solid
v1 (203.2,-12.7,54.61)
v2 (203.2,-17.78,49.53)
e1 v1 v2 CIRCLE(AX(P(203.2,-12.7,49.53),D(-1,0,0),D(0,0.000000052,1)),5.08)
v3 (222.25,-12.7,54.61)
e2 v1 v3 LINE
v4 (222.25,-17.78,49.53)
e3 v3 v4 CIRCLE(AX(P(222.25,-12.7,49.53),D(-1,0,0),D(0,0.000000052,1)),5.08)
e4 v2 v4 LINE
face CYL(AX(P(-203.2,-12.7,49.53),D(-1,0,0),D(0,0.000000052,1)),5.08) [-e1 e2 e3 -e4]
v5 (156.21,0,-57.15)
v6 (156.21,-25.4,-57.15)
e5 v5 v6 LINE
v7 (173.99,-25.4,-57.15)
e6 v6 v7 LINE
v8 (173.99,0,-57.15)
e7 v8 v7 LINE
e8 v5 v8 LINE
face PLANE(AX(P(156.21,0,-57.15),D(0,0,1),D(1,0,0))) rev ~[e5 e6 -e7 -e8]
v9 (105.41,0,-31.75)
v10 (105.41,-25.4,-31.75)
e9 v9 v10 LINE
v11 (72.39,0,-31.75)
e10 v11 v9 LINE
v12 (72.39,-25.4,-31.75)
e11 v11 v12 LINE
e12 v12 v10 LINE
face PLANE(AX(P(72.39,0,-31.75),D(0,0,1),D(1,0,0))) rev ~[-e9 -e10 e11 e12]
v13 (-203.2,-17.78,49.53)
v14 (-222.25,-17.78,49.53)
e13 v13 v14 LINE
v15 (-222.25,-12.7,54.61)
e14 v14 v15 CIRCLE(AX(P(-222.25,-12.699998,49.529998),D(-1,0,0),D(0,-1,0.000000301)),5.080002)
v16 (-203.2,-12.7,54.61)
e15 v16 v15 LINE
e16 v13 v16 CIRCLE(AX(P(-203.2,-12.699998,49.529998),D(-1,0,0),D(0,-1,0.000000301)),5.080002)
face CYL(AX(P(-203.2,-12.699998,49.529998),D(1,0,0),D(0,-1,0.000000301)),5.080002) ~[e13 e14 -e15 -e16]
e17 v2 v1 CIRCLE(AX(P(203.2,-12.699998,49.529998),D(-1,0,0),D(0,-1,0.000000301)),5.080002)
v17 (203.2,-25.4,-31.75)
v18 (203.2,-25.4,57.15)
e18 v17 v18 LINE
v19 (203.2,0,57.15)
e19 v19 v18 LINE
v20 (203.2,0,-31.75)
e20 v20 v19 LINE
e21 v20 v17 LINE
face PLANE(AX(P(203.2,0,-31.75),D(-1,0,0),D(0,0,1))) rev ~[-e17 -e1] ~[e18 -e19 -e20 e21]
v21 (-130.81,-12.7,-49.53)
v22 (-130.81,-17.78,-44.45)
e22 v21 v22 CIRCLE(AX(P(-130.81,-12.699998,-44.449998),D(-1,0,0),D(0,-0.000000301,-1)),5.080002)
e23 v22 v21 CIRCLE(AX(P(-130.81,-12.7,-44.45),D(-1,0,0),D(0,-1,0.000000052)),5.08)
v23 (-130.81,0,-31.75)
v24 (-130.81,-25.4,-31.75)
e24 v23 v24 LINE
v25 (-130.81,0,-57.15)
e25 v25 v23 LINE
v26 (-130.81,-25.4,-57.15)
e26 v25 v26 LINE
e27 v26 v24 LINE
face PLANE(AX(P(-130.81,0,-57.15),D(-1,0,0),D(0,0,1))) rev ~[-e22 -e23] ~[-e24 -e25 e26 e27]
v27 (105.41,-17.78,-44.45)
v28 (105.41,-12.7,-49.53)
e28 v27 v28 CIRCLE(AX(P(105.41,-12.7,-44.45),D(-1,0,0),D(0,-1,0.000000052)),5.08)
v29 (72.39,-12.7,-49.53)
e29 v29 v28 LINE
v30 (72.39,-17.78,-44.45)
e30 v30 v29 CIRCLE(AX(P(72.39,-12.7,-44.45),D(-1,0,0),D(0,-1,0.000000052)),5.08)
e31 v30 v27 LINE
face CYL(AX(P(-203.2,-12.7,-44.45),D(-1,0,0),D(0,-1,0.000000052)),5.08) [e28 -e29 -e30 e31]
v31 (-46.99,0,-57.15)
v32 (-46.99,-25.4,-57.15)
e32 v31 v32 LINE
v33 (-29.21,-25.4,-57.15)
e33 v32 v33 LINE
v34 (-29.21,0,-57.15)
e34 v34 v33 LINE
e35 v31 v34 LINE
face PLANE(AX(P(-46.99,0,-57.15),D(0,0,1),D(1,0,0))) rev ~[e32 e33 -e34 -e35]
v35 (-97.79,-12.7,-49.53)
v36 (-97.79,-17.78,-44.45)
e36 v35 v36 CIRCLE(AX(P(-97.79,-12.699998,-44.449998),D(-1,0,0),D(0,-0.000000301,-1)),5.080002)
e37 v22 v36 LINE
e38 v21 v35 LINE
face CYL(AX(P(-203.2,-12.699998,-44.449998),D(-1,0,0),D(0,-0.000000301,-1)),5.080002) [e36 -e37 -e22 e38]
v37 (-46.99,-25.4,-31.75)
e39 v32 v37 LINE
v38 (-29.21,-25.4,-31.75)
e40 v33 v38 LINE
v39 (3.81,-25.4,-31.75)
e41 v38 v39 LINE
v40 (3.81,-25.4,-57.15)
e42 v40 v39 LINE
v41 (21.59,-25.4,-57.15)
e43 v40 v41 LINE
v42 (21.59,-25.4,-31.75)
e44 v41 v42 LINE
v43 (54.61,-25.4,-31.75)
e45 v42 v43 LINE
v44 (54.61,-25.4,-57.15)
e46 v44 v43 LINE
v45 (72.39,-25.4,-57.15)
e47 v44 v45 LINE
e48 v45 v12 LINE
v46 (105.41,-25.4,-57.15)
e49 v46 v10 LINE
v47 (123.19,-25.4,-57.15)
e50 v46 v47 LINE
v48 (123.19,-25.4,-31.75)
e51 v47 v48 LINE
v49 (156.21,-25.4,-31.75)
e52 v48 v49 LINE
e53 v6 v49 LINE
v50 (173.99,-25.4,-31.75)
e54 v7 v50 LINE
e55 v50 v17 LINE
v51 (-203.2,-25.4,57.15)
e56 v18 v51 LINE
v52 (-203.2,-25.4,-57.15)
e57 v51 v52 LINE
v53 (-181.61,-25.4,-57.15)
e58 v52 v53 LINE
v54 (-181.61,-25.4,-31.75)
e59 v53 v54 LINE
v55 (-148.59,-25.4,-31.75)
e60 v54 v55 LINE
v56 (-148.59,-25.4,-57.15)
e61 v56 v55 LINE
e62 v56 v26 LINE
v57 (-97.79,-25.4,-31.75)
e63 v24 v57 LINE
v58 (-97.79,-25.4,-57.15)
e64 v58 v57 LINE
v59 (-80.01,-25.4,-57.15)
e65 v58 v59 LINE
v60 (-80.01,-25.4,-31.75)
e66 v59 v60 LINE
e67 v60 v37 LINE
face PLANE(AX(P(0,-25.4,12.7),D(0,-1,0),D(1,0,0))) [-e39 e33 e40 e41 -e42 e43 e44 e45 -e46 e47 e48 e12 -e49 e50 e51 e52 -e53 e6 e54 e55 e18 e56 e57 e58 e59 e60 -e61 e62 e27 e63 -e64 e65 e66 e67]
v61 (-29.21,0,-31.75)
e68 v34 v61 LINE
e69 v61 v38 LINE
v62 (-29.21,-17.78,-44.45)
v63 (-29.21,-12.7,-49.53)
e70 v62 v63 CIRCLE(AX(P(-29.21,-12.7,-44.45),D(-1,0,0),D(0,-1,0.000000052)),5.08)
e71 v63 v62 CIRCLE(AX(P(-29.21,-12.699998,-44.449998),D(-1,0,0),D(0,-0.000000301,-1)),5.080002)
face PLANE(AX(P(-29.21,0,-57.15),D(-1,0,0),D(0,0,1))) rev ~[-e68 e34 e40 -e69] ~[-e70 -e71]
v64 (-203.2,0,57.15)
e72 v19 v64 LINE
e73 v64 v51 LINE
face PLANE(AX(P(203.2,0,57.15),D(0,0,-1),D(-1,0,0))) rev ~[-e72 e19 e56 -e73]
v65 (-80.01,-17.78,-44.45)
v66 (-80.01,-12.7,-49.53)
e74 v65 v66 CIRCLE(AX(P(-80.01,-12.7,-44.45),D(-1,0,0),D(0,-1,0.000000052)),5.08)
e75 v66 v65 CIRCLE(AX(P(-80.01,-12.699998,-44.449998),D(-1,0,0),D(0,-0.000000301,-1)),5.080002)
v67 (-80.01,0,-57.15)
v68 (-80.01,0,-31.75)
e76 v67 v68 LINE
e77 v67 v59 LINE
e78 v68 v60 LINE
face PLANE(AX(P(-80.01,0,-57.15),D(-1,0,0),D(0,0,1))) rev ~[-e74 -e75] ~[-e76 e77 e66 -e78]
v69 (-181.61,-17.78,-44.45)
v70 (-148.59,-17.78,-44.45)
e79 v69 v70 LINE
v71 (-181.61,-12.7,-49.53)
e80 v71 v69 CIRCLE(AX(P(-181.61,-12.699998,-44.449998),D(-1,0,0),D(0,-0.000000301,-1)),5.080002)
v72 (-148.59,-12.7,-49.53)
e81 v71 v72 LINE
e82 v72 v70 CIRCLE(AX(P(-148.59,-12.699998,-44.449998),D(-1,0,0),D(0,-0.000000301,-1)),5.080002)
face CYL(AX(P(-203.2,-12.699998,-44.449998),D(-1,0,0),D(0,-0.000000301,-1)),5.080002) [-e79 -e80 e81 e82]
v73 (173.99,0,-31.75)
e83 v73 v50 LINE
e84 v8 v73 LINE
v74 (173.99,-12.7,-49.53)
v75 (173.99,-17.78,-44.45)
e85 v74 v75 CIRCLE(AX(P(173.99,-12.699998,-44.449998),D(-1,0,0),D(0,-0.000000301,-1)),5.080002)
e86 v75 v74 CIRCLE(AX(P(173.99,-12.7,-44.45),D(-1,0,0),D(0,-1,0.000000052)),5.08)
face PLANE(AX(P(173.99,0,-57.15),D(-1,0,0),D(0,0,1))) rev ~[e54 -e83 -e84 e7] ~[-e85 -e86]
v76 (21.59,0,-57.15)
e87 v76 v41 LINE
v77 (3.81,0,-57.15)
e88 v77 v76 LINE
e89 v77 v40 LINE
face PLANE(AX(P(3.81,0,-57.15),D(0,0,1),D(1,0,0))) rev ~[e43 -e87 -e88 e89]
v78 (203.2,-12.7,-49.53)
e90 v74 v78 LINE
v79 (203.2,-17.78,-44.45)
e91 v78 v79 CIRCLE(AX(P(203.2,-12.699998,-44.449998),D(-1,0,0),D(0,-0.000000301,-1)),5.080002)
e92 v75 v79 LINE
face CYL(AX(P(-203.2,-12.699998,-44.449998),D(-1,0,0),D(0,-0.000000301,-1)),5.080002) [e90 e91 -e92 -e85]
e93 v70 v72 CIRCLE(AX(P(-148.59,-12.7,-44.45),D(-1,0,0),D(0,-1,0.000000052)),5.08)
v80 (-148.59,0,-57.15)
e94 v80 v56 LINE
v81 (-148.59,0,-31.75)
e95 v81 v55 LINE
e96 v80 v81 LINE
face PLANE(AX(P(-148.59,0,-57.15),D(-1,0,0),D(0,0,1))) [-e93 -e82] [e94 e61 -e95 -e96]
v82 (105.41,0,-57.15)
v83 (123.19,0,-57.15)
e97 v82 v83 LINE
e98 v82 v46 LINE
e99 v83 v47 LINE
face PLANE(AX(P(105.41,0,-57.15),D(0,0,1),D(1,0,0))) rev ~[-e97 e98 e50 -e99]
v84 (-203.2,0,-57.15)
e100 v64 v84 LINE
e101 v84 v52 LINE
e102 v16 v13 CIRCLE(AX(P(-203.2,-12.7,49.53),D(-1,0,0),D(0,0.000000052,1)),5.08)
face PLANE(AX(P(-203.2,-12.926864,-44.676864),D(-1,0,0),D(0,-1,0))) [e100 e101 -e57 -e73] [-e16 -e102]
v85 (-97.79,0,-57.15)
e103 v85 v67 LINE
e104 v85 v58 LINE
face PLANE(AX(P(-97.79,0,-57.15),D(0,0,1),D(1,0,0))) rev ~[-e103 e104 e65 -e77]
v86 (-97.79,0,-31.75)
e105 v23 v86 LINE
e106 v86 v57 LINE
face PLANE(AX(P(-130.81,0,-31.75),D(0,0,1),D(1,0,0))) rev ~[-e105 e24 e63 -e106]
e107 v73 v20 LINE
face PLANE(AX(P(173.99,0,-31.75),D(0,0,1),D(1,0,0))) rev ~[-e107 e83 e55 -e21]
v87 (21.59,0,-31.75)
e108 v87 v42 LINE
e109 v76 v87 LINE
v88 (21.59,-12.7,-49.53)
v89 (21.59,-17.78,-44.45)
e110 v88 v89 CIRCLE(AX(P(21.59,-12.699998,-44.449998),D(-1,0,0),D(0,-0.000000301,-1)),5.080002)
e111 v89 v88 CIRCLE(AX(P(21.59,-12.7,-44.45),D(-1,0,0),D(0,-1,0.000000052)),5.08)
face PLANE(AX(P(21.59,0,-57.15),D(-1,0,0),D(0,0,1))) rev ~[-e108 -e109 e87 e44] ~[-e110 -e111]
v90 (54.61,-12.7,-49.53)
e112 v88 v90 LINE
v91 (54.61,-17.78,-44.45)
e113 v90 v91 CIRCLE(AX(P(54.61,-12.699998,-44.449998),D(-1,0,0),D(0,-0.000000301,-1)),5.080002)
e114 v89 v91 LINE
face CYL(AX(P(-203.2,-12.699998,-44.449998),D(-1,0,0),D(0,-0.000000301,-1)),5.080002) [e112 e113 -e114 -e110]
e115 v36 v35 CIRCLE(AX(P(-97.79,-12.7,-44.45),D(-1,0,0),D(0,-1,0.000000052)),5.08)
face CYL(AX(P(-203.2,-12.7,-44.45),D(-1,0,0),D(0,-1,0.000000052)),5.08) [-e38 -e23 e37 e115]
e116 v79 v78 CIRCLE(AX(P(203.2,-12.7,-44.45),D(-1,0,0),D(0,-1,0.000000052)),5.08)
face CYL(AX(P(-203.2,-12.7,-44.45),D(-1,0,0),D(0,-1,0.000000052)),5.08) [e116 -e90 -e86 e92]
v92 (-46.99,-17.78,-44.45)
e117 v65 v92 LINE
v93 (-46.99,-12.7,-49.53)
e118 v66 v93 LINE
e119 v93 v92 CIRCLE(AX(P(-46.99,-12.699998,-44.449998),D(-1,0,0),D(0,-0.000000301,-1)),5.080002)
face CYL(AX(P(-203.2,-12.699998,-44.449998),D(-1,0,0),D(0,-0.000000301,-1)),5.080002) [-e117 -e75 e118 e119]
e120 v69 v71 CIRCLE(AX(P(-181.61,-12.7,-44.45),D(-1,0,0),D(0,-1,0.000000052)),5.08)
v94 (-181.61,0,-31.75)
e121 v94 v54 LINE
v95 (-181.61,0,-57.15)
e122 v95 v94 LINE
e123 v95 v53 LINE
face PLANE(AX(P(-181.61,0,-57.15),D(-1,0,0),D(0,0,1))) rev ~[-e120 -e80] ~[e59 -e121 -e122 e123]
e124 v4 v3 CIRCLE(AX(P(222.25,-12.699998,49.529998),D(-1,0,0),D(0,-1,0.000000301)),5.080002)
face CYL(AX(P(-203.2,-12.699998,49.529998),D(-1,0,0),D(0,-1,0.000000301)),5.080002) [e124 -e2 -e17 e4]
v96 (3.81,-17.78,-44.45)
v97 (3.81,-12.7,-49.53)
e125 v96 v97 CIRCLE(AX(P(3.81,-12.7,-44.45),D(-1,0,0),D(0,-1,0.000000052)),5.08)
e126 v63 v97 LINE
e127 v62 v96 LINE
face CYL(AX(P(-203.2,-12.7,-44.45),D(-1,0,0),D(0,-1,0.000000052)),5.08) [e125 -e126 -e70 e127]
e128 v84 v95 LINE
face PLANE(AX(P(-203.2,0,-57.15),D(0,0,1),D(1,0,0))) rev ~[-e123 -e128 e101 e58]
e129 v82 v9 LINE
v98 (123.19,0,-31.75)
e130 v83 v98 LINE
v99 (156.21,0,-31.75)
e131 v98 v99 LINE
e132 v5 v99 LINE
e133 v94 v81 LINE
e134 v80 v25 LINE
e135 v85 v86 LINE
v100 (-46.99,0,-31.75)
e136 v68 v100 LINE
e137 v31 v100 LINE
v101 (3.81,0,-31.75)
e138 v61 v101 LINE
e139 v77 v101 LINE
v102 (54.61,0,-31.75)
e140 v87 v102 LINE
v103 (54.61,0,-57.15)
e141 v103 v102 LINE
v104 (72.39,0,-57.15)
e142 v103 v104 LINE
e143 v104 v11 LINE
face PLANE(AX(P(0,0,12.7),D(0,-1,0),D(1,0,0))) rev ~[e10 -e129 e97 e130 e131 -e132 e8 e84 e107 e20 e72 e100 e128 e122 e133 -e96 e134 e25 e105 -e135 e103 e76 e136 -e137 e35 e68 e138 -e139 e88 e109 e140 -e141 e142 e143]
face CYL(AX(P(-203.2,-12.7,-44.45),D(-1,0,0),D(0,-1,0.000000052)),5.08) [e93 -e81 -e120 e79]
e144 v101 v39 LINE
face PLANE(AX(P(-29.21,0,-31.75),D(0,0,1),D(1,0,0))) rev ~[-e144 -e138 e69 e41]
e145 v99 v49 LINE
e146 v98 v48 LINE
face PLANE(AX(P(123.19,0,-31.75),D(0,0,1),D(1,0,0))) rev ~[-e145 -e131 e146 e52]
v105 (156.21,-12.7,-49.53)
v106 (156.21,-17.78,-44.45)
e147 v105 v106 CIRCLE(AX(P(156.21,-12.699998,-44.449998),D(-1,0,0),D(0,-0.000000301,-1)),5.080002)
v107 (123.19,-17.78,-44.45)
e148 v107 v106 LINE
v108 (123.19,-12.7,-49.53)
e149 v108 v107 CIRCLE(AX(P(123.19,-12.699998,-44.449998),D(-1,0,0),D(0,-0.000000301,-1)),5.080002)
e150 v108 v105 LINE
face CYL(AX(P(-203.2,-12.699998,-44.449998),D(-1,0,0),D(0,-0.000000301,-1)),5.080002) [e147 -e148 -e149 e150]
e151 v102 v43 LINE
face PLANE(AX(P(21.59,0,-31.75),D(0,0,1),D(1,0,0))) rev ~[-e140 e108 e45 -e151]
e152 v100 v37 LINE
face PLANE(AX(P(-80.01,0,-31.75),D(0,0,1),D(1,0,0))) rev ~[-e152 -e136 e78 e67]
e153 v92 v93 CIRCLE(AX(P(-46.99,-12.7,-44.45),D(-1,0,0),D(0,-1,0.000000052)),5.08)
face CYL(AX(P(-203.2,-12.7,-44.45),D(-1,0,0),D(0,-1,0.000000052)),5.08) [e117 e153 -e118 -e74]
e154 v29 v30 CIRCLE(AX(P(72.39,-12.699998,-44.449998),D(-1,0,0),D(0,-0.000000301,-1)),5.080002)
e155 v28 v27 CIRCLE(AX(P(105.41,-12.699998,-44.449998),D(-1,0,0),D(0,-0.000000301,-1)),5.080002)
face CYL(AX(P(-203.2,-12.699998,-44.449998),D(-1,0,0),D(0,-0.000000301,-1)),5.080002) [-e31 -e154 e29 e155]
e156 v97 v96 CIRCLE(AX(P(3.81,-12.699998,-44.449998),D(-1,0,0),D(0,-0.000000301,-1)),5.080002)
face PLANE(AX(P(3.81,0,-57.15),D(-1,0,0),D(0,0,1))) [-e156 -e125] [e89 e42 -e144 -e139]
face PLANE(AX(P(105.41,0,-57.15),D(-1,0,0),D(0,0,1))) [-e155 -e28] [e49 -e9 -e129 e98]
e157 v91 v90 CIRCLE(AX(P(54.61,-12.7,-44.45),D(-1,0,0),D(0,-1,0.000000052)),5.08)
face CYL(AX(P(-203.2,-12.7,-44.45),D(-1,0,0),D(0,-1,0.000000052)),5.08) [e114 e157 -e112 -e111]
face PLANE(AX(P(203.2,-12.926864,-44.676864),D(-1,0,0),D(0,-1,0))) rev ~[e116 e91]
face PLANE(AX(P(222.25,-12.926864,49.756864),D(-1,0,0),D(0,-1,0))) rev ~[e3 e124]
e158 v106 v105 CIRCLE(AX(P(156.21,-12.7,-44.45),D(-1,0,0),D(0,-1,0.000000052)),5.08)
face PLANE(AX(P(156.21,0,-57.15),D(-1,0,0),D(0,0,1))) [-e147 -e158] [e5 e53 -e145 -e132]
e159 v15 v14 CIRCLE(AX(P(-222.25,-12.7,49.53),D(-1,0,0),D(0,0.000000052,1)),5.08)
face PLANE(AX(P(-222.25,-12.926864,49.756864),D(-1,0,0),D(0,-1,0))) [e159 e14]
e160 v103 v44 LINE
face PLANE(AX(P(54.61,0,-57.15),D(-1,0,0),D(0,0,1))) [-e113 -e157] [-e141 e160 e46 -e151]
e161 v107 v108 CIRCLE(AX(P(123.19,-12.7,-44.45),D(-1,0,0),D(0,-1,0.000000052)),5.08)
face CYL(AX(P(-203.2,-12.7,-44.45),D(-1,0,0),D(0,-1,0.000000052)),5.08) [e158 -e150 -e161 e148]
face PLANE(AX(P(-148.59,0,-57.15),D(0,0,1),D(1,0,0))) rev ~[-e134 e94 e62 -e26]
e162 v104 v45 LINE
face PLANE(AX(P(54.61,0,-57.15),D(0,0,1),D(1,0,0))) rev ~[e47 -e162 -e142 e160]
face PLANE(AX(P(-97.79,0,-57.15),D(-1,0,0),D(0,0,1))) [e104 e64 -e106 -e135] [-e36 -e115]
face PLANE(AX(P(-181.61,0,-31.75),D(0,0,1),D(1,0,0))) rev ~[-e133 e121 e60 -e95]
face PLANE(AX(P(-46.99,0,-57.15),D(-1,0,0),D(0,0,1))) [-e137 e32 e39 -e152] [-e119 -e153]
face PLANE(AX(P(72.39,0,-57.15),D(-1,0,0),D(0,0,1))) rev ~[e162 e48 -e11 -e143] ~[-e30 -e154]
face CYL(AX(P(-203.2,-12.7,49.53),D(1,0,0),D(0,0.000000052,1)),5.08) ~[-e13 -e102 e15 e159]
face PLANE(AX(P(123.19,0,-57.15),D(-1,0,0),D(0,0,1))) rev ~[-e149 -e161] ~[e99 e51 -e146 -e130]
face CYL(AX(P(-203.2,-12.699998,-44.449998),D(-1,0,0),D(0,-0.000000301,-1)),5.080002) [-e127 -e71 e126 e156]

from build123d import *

# Parameters (mm, degrees)
F0_W          = 17.78
F0_H          = 25.4
F0_W_2        = 3.81
F1_DEPTH      = 25.4
F3_DEPTH      = 406.4
F5_DEPTH      = 19.05
F5_DEPTH_BACK = 425.45


with BuildPart() as f1:
    # F0 (on Front) → F1 (new body)
    with BuildSketch(Plane.XZ):
        Polygon((199.39, -31.75), (203.2, -31.75), (203.2, 57.15), (-203.2, 57.15), (-203.2, -31.75), (-199.39, -31.75), (-181.61, -31.75), (-177.8, -31.75), (-173.99, -31.75), (-156.21, -31.75), (-152.4, -31.75), (-148.59, -31.75), (-130.81, -31.75), (-127, -31.75), (-123.19, -31.75), (-105.41, -31.75), (-101.6, -31.75), (-97.79, -31.75), (-80.01, -31.75), (-76.2, -31.75), (-72.39, -31.75), (-54.61, -31.75), (-50.8, -31.75), (-46.99, -31.75), (-29.21, -31.75), (-25.4, -31.75), (-21.59, -31.75), (-3.81, -31.75), (0, -31.75), (3.81, -31.75), (21.59, -31.75), (25.4, -31.75), (29.21, -31.75), (46.99, -31.75), (50.8, -31.75), (54.61, -31.75), (72.39, -31.75), (76.2, -31.75), (80.01, -31.75), (97.79, -31.75), (101.6, -31.75), (105.41, -31.75), (123.19, -31.75), (127, -31.75), (130.81, -31.75), (148.59, -31.75), (152.4, -31.75), (156.21, -31.75), (173.99, -31.75), (177.8, -31.75), (181.61, -31.75), align=None)
        with Locations((-190.5, -44.45)):
            Rectangle(F0_W, F0_H)
        with Locations((-139.7, -44.45)):
            Rectangle(F0_W, F0_H)
        with Locations((-88.9, -44.45)):
            Rectangle(F0_W, F0_H)
        with Locations((-38.1, -44.45)):
            Rectangle(F0_W, F0_H)
        with Locations((12.7, -44.45)):
            Rectangle(F0_W, F0_H)
        with Locations((63.5, -44.45)):
            Rectangle(F0_W, F0_H)
        with Locations((165.1, -44.45)):
            Rectangle(F0_W, F0_H)
        with Locations((114.3, -44.45)):
            Rectangle(F0_W, F0_H)
        with Locations((-201.295, -44.45)):
            Rectangle(F0_W_2, F0_H)
    extrude(amount=F1_DEPTH)

    # F2 (on face) → F3 (join)
    with BuildSketch(Plane(origin=(-203.2, 0, 0), x_dir=(0, -1, 0), z_dir=(-1, 0, 0))):
        with BuildLine():
            ThreePointArc((12.7, -49.53), (16.292102, -48.042102), (17.78, -44.45))
            ThreePointArc((17.78, -44.45), (9.107898, -40.857898), (12.7, -49.53))
        make_face()
    extrude(amount=-F3_DEPTH)

    # F4 (on face) → F5 (join, two sides)
    with BuildSketch(Plane(origin=(-203.2, 0, 0), x_dir=(0, -1, 0), z_dir=(-1, 0, 0))) as f5_sk:
        with BuildLine():
            ThreePointArc((12.7, 54.61), (9.107898, 45.937898), (17.78, 49.53))
            ThreePointArc((17.78, 49.53), (16.292102, 53.122102), (12.7, 54.61))
        make_face()
    extrude(amount=F5_DEPTH)
    extrude(f5_sk.sketch, amount=-F5_DEPTH_BACK)


solid = f1.part
